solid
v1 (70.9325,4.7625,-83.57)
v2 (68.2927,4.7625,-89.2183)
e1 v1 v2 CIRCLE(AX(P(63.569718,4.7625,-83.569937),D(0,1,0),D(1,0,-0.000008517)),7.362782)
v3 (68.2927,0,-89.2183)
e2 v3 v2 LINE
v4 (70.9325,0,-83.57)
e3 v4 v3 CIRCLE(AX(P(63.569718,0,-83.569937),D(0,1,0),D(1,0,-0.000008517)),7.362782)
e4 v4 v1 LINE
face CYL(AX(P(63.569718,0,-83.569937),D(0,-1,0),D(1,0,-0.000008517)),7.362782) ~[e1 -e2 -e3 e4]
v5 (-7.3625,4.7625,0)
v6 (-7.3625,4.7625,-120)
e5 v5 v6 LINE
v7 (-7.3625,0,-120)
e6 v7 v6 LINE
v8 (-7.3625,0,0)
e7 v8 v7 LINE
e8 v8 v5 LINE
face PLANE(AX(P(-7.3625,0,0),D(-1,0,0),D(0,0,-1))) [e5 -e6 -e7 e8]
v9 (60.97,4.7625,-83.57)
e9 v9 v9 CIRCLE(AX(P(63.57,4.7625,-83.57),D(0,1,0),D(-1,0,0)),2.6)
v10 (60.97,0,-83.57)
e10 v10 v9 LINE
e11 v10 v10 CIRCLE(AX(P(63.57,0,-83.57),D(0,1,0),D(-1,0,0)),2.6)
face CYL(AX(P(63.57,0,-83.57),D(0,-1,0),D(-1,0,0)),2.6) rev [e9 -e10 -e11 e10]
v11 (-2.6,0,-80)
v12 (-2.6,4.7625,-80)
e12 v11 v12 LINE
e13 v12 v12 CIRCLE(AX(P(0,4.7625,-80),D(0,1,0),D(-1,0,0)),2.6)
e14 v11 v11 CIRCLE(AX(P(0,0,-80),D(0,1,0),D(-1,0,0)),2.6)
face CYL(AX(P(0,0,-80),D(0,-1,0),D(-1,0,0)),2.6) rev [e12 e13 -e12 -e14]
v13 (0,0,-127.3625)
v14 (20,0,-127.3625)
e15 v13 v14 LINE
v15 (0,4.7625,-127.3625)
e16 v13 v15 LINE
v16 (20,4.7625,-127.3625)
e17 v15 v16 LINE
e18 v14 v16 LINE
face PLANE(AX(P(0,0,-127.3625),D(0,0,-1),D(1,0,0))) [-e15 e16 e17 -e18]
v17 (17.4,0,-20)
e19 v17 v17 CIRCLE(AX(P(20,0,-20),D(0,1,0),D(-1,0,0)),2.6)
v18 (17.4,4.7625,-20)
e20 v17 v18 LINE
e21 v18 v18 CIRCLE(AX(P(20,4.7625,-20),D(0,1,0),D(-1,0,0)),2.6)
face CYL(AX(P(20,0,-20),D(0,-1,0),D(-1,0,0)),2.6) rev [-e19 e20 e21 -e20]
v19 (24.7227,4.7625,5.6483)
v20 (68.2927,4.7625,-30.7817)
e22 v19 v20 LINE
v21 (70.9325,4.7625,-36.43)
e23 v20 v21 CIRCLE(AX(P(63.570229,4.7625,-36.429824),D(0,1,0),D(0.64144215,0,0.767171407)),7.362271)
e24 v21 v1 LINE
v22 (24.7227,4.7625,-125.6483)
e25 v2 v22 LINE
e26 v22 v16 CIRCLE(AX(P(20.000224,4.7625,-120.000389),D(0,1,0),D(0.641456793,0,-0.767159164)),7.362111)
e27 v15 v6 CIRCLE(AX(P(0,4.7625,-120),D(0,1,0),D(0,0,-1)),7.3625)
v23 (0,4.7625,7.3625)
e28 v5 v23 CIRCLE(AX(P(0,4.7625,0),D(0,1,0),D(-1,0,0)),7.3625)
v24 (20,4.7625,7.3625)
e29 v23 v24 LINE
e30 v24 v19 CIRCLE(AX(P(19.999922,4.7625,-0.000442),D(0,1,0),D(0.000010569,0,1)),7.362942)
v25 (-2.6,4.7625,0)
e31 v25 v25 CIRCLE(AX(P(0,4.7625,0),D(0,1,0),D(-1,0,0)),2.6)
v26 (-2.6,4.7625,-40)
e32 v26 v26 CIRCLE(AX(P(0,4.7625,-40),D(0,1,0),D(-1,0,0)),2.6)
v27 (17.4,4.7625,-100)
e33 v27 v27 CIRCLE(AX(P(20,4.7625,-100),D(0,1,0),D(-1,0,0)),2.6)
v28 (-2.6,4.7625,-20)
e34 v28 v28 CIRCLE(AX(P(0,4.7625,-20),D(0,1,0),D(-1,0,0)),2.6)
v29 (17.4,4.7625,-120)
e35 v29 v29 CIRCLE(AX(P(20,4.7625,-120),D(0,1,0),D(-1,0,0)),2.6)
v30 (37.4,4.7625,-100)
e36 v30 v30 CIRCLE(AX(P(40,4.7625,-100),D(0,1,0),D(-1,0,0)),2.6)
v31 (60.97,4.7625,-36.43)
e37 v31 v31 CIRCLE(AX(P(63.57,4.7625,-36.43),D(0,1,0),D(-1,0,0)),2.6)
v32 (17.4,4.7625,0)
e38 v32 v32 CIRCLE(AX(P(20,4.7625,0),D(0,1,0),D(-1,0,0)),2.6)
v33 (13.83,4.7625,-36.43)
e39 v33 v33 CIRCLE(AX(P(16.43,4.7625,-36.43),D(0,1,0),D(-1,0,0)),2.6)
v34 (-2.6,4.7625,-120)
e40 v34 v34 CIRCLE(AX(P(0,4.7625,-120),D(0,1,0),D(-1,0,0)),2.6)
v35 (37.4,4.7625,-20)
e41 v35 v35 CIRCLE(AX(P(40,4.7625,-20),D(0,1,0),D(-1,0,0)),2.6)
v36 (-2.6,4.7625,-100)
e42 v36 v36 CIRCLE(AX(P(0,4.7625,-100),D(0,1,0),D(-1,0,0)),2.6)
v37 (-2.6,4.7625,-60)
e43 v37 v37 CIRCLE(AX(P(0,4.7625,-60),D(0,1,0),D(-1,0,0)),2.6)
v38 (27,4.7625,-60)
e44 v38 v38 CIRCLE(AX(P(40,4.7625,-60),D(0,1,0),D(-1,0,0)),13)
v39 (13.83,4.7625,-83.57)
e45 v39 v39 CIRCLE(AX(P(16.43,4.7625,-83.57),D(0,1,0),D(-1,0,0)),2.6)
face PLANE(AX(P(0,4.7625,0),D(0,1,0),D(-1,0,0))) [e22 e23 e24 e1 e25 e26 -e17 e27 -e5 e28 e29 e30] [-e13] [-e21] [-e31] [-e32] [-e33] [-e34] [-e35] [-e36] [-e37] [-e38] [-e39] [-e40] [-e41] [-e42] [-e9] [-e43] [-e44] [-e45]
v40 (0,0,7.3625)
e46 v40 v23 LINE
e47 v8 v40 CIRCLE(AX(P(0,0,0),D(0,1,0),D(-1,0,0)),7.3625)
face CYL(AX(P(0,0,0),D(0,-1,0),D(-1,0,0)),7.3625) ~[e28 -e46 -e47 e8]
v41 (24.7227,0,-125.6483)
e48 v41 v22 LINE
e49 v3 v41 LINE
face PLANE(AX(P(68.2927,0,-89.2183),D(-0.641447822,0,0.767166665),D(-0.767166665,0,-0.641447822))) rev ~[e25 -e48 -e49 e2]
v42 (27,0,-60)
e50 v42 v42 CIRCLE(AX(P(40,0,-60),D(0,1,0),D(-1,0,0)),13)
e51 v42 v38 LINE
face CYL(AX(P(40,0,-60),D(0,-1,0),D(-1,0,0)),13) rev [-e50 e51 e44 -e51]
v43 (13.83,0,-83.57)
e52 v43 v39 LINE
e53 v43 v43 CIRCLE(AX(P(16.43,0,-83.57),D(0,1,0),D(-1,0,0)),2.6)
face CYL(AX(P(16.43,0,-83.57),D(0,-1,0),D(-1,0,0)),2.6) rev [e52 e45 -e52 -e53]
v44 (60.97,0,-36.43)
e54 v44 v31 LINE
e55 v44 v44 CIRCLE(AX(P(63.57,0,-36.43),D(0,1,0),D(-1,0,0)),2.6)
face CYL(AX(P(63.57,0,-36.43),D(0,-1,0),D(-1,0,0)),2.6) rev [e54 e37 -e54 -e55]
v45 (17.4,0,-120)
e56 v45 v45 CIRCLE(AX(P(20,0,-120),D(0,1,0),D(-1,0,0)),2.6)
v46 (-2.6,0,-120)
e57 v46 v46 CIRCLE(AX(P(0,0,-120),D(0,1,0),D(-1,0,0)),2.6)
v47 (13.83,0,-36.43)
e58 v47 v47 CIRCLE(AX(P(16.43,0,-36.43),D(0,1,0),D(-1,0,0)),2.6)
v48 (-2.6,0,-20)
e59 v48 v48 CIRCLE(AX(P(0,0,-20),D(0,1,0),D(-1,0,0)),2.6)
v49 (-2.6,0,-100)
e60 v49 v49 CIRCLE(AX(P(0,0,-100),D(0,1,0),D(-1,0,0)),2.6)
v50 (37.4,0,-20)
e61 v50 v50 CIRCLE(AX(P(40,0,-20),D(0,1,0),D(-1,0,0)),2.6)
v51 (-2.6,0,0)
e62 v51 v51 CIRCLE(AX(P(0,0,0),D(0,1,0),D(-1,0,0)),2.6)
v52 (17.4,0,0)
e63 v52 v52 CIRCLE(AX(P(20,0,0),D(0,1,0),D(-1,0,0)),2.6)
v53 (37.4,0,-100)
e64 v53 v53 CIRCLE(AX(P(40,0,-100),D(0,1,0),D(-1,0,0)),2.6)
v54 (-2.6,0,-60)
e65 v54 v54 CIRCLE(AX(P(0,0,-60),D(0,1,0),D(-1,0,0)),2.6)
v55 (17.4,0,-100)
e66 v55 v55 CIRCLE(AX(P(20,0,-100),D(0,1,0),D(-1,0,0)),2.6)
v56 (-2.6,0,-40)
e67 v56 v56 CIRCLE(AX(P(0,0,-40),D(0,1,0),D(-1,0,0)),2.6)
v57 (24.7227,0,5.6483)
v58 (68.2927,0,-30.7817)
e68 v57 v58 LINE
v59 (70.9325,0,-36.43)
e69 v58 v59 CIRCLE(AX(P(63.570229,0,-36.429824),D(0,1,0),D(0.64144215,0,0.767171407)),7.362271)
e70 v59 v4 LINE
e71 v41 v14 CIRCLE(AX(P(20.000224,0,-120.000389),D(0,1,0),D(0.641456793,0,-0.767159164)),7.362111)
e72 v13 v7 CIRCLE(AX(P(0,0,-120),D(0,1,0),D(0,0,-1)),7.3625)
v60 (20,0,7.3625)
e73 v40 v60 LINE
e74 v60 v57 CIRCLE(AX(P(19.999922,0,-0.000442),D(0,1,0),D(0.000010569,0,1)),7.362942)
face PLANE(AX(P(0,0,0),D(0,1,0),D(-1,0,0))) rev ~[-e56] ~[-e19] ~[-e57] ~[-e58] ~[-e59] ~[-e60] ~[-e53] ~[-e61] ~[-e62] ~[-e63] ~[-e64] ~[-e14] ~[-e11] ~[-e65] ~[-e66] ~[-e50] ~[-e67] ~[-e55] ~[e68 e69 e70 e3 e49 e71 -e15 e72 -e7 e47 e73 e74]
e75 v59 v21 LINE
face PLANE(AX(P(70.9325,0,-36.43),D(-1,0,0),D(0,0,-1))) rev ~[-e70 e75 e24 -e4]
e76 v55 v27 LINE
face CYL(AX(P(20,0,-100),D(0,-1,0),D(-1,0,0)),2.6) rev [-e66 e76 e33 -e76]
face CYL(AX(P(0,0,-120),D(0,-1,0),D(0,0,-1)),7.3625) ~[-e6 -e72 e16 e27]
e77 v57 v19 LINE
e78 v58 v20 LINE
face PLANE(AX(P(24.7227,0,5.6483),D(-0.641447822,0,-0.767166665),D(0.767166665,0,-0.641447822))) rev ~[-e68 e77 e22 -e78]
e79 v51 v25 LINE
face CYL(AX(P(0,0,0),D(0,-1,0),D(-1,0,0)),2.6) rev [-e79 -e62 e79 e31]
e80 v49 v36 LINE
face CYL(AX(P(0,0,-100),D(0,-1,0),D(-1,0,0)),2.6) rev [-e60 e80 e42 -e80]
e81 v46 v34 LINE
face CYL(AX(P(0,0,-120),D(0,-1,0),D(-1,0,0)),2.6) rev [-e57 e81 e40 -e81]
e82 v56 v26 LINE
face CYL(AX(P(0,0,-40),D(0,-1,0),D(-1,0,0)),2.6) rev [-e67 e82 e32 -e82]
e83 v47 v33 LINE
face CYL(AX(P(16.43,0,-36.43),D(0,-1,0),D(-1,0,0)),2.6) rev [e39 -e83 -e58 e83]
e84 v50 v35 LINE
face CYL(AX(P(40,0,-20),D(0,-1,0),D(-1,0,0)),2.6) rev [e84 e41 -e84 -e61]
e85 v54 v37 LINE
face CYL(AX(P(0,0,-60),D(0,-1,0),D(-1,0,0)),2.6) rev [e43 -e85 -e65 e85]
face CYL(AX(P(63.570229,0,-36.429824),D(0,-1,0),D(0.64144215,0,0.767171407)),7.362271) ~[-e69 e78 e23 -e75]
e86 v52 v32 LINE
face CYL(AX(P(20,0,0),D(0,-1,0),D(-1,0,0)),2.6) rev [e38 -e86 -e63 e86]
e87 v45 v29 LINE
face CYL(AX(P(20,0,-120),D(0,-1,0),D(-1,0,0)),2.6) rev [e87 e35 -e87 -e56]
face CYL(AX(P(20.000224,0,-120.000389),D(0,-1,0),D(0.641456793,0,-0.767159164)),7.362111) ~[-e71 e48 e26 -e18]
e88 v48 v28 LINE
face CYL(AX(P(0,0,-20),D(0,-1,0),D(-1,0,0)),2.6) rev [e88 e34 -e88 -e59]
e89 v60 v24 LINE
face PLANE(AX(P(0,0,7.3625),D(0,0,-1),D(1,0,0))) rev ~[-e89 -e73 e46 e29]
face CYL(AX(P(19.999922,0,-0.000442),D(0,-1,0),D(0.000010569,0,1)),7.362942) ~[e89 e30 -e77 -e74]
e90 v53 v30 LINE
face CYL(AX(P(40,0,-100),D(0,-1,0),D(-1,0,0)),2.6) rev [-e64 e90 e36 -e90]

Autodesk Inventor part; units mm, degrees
ref_plane "YZ Plane" through (0, 0, 0) normal (1, 0, 0) x (0, 1, 0)
ref_plane "XZ Plane" through (0, 0, 0) normal (0, 1, 0) x (-1, 0, 0)
ref_plane "XY Plane" through (0, 0, 0) normal (0, 0, 1) x (1, 0, 0)
sketch "Sketch1" plane through (0, 0, 0) normal (0, 1, 0) x (-1, 0, 0)
  circle A0 centre (0, 0) radius 2.6
  line L0 (0, 0) -> (0, -2.6) construction
  line L1 (0, 0) -> (-2.6, 0) construction
  circle A1 centre (0, -20) radius 2.6
  circle A2 centre (0, -40) radius 2.6
  circle A3 centre (0, -60) radius 2.6
  circle A4 centre (0, -80) radius 2.6
  circle A5 centre (0, -100) radius 2.6
  circle A6 centre (0, -120) radius 2.6
  circle A7 centre (-20, 0) radius 2.6
  circle A8 centre (-20, -120) radius 2.6
  circle A9 centre (-40, -60) radius 13
  circle A10 centre (-16.43, -36.43) radius 2.6
  circle A11 centre (-16.43, -83.57) radius 2.6
  circle A12 centre (-63.57, -83.57) radius 2.6
  circle A13 centre (-63.57, -36.43) radius 2.6
  circle A14 centre (-20, -100) radius 2.6
  circle A15 centre (-40, -100) radius 2.6
  circle A16 centre (-20, -20) radius 2.6
  circle A17 centre (-40, -20) radius 2.6
  circle A18 centre (0, 0) radius 7.3625 construction
  circle A19 centre (-20, 0) radius 7.3625 construction
  circle A20 centre (-40, -20) radius 7.3625 construction
  circle A21 centre (-63.57, -36.43) radius 7.3625 construction
  circle A22 centre (-63.57, -83.57) radius 7.3625 construction
  circle A23 centre (-40, -100) radius 7.3625 construction
  circle A24 centre (-20, -120) radius 7.3625 construction
  circle A25 centre (0, -120) radius 7.3625 construction
  line L2 (7.3625, 0) -> (7.3625, -120)
  line L3 (0, -127.3625) -> (-20, -127.3625)
  line L4 (0, 7.3625) -> (-20, 7.3625)
  line L5 (-24.7227, 5.6483) -> (-68.2927, -30.7817)
  line L6 (-70.9325, -36.43) -> (-70.9325, -83.57)
  line L7 (-68.2927, -89.2183) -> (-24.7227, -125.6483)
  arc A26 (0, -127.3625) -> (7.3625, -120) centre (0, -120) ccw
  arc A27 (-24.7227, -125.6483) -> (-20, -127.3625) centre (-20, -120) ccw
  arc A28 (-70.9325, -83.57) -> (-68.2927, -89.2183) centre (-63.57, -83.57) ccw
  arc A29 (-68.2927, -30.7817) -> (-70.9325, -36.43) centre (-63.57, -36.43) ccw
  arc A30 (-20, 7.3625) -> (-24.7227, 5.6483) centre (-20, 0) ccw
  arc A31 (7.3625, 0) -> (0, 7.3625) centre (0, 0) ccw
  point P0 (0, -22.6)
  point P1 (-2.6, -20)
  point P2 (0, -42.6)
  point P3 (-2.6, -40)
  point P4 (0, -62.6)
  point P5 (-2.6, -60)
  point P6 (0, -82.6)
  point P7 (-2.6, -80)
  point P8 (0, -102.6)
  point P9 (-2.6, -100)
  point P10 (0, -122.6)
  point P11 (-2.6, -120)
  dimension "d0" = 5.2
  dimension "d3" = 20
  dimension "d8" = 20
  dimension "d9" = 40
  dimension "d10" = 60
  dimension "d11" = 26
  dimension "d12" = 23.57
  dimension "d13" = 23.57
  dimension "d14" = 23.57
  dimension "d15" = 23.57
  dimension "d16" = 20
  dimension "d17" = 4.7625
extrude "Extrusion1" add sketch "Sketch1" along normal blind 4.7625
equation "\"d14\" = d13"
equation "\"d15\" = d12"
properties part number "CNC-008-XAxisNema23Mount" material "Steel AISI 1008 91 HR"
